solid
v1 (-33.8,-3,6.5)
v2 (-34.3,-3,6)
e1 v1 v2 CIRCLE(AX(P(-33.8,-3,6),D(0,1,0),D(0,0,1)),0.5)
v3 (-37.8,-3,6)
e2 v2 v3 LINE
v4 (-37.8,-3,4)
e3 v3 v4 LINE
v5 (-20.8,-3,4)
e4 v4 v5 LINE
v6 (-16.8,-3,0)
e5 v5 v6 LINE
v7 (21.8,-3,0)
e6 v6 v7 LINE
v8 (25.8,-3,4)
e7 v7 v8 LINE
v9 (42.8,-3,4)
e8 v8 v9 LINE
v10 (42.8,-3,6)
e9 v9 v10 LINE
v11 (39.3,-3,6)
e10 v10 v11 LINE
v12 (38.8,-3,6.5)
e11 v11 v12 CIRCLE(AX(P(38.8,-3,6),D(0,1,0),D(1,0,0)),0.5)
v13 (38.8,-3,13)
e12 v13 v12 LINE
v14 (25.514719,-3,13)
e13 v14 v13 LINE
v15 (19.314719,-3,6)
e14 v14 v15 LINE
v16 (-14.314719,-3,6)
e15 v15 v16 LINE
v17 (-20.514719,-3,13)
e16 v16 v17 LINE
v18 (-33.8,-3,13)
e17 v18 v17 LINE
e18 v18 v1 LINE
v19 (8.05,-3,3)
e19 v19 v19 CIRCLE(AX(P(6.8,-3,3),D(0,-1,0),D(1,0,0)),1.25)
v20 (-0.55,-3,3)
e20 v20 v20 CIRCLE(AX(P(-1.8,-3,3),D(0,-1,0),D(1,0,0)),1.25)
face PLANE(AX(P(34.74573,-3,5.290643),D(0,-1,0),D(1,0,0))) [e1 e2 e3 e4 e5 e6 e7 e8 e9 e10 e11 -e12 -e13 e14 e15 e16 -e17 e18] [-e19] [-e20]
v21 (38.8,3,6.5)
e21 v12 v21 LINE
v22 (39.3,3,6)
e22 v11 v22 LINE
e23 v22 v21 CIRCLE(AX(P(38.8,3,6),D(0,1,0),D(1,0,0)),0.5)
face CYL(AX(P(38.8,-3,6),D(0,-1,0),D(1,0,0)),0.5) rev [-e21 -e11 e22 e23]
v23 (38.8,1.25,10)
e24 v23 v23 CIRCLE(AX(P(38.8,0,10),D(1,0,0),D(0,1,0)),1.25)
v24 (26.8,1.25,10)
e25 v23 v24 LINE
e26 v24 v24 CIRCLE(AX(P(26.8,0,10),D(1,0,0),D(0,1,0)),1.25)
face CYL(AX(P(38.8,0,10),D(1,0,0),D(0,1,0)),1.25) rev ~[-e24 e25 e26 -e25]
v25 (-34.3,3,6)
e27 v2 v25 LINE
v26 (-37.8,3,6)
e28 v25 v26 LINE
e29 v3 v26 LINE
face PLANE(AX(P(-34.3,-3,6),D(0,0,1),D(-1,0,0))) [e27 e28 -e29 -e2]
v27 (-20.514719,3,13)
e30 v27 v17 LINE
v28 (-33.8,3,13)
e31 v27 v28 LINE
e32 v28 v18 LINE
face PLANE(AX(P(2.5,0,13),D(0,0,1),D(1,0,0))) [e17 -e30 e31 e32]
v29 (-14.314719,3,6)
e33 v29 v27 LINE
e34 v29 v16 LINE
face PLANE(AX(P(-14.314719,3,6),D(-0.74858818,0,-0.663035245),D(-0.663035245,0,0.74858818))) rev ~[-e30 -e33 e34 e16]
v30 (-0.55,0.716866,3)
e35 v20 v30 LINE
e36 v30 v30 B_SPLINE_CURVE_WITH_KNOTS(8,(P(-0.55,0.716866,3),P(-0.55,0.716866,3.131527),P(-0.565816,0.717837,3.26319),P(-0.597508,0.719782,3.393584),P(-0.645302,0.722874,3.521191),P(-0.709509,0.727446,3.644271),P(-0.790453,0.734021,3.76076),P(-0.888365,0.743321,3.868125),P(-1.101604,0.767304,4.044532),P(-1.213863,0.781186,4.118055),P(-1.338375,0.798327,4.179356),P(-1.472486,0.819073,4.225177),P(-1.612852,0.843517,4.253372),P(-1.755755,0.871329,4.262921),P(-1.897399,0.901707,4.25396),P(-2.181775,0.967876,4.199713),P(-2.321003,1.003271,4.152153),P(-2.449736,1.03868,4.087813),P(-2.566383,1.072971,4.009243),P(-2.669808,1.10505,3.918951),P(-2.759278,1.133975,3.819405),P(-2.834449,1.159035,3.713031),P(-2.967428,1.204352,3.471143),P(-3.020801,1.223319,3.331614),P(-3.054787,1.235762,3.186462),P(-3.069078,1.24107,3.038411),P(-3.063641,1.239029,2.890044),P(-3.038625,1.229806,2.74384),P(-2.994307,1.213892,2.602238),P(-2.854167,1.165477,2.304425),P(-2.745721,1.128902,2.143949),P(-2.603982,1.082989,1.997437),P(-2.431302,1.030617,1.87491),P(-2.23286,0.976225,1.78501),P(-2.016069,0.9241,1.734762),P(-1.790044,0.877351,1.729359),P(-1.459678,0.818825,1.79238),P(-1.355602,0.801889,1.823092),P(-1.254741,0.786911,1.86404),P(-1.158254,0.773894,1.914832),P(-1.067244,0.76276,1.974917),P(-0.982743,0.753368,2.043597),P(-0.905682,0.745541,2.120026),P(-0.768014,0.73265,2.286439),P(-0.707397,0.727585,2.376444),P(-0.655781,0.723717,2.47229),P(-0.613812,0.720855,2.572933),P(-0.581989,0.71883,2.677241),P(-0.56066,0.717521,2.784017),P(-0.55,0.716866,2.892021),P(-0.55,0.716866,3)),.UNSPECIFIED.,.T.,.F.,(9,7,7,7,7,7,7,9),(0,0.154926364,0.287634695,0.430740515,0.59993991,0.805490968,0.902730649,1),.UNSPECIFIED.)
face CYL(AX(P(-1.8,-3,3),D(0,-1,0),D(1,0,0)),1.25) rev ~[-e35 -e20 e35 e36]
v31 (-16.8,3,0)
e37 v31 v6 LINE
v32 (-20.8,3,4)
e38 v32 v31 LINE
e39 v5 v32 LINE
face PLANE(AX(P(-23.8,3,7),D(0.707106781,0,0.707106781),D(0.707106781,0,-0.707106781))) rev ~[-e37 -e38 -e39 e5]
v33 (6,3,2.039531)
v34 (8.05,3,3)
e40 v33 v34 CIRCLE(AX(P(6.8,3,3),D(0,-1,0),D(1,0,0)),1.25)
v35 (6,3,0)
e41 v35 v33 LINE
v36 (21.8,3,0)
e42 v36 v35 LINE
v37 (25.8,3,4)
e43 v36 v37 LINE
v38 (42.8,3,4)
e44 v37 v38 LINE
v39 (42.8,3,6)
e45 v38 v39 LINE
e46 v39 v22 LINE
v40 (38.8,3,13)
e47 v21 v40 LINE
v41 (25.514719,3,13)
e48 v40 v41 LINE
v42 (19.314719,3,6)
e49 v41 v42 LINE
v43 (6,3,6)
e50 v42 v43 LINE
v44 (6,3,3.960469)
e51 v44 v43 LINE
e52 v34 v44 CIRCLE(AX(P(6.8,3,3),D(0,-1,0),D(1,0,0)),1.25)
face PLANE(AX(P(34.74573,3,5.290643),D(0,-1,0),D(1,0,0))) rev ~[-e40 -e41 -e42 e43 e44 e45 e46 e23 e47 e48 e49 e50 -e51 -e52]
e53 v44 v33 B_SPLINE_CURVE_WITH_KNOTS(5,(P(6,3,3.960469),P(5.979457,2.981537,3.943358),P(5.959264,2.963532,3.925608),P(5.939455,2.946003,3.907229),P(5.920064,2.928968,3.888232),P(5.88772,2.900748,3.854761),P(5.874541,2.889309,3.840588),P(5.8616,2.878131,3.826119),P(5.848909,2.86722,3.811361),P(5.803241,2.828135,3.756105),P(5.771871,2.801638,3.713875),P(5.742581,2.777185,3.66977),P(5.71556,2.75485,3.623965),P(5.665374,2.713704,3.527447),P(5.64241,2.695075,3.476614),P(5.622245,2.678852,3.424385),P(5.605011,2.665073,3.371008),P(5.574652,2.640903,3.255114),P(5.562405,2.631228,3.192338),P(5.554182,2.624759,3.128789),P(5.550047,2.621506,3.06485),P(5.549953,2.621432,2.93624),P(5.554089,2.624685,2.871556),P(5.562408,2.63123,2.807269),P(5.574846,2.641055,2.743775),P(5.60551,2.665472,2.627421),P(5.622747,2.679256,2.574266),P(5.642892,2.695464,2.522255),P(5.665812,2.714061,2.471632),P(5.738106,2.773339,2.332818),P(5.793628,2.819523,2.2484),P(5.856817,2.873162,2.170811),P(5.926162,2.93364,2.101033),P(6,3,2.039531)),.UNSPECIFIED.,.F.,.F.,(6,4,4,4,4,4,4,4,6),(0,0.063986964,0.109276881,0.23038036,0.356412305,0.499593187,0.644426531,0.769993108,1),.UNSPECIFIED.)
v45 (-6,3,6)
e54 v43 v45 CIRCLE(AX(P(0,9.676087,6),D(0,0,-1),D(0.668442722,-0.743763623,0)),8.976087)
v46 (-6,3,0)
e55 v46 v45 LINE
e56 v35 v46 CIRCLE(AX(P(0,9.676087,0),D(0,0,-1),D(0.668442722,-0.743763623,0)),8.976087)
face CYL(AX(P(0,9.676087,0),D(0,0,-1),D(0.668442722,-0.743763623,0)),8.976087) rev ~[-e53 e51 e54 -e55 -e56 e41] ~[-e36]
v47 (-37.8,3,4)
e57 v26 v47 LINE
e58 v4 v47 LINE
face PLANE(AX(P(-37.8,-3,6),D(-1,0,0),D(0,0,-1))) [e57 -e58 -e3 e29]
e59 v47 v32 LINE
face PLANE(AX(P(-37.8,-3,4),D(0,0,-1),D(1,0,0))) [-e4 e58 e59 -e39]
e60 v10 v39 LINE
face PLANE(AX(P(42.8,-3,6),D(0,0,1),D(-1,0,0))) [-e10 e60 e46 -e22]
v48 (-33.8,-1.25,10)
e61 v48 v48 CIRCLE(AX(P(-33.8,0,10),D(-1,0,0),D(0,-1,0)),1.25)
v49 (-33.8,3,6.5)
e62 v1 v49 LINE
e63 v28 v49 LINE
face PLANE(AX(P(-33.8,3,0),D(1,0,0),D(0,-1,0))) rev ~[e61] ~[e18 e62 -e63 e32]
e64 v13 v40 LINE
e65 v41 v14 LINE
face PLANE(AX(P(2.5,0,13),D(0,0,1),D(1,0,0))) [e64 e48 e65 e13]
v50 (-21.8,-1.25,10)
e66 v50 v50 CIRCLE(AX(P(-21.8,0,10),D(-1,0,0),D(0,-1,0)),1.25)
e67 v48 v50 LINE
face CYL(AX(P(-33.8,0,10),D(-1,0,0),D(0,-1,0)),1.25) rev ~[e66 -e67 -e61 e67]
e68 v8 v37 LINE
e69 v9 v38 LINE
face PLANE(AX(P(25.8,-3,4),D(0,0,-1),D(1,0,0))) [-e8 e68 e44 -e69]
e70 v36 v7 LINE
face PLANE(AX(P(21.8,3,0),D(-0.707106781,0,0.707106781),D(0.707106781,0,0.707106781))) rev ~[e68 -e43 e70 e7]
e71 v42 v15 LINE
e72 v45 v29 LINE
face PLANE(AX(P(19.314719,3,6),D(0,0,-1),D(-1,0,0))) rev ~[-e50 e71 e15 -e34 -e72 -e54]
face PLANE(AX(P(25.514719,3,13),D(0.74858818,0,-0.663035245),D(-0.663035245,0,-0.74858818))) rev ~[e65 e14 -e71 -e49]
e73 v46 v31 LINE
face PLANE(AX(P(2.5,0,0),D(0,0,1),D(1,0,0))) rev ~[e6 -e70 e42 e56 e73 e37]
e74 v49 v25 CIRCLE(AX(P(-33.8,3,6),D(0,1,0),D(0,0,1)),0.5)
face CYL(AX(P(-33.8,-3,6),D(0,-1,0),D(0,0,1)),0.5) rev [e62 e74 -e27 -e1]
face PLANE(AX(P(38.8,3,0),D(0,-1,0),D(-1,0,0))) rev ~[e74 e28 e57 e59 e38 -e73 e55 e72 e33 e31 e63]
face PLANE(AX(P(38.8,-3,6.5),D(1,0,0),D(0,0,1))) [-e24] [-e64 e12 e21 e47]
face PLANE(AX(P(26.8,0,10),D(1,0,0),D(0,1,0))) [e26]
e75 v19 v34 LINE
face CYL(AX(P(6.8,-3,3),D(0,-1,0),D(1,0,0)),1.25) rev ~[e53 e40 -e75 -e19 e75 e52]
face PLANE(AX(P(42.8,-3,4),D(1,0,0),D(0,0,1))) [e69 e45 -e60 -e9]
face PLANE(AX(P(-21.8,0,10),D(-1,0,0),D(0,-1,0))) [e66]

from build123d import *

# Parameters (mm, degrees)
F1_DEPTH  = 13
F2_W      = 10
F2_H      = 7
F3_DEPTH  = 6.001
F5_DEPTH  = 13.001
F6_R      = 1.25
F7_DEPTH  = 12
F8_R      = 1.25
F9_DEPTH  = 12
F10_R     = 1.25
F11_DEPTH = 6.001
F13_DEPTH = 6


with BuildPart() as f1:
    # F0 (on Top) → F1 (new body)
    with BuildSketch(Plane.XY):
        Polygon((38.8, 3), (-33.8, 3), (-33.8, -3), (-6, -3), (6, -3), (38.8, -3), align=None)
    extrude(amount=F1_DEPTH)

    # F2 (on face) → F3 (cut, through all)
    with BuildSketch(Plane(origin=(0, 3, 0), x_dir=(-1, 0, 0), z_dir=(0, 1, 0))):
        Polygon((-28.8, 7), (-28.8, 0), (-21.8, 0), align=None)
        with Locations((-33.8, 3.5)):
            Rectangle(F2_W, F2_H)
        Polygon((20.5147186258, 13), (-25.5147186258, 13), (-19.3147186258, 6), (14.3147186258, 6), align=None)
        Polygon((23.8, 7), (16.8, 0), (23.8, 0), align=None)
        with Locations((28.8, 3.5)):
            Rectangle(F2_W, F2_H)
    extrude(amount=-F3_DEPTH, mode=Mode.SUBTRACT)

    # F4 (on face) → F5 (cut, through all)
    with BuildSketch(Plane(origin=(0, 0, 0), x_dir=(1, 0, 0), z_dir=(0, 0, -1))):
        with BuildLine():
            Line((-6, -3), (6, -3))
            ThreePointArc((6, -3), (0, -0.7), (-6, -3))
        make_face()
    extrude(amount=-F5_DEPTH, mode=Mode.SUBTRACT)

    # F6 (on face) → F7 (cut)
    with BuildSketch(Plane.YZ.offset(38.8)):
        with Locations((0, 10)):
            Circle(F6_R)
    extrude(amount=-F7_DEPTH, mode=Mode.SUBTRACT)

    # F8 (on face) → F9 (cut)
    with BuildSketch(Plane(origin=(-33.8, 0, 0), x_dir=(0, -1, 0), z_dir=(-1, 0, 0))):
        with Locations((0, 10)):
            Circle(F8_R)
    extrude(amount=-F9_DEPTH, mode=Mode.SUBTRACT)

    # F10 (on face) → F11 (cut, through all)
    with BuildSketch(Plane.XZ.offset(3)):
        with Locations((-1.8, 3)):
            Circle(F10_R)
        with Locations((6.8, 3)):
            Circle(F10_R)
    extrude(amount=-F11_DEPTH, mode=Mode.SUBTRACT)

    # F12 (on face) → F13 (join)
    with BuildSketch(Plane.XZ.offset(3)):
        with BuildLine():
            Line((38.8, 6.5), (38.8, 7))
            Line((38.8, 7), (28.8, 7))
            Line((28.8, 7), (25.8, 4))
            Line((25.8, 4), (42.8, 4))
            Line((42.8, 4), (42.8, 6))
            Line((42.8, 6), (39.3, 6))
            ThreePointArc((39.3, 6), (38.4464466094, 5.6464466094), (38.8, 6.5))
        make_face()
        with BuildLine():
            Line((-37.8, 4), (-20.8, 4))
            Line((-20.8, 4), (-23.8, 7))
            Line((-23.8, 7), (-33.8, 7))
            Line((-33.8, 7), (-33.8, 6.5))
            ThreePointArc((-33.8, 6.5), (-33.4464466094, 5.6464466094), (-34.3, 6))
            Line((-34.3, 6), (-37.8, 6))
            Line((-37.8, 6), (-37.8, 4))
        make_face()
    extrude(amount=-F13_DEPTH)


solid = f1.part
